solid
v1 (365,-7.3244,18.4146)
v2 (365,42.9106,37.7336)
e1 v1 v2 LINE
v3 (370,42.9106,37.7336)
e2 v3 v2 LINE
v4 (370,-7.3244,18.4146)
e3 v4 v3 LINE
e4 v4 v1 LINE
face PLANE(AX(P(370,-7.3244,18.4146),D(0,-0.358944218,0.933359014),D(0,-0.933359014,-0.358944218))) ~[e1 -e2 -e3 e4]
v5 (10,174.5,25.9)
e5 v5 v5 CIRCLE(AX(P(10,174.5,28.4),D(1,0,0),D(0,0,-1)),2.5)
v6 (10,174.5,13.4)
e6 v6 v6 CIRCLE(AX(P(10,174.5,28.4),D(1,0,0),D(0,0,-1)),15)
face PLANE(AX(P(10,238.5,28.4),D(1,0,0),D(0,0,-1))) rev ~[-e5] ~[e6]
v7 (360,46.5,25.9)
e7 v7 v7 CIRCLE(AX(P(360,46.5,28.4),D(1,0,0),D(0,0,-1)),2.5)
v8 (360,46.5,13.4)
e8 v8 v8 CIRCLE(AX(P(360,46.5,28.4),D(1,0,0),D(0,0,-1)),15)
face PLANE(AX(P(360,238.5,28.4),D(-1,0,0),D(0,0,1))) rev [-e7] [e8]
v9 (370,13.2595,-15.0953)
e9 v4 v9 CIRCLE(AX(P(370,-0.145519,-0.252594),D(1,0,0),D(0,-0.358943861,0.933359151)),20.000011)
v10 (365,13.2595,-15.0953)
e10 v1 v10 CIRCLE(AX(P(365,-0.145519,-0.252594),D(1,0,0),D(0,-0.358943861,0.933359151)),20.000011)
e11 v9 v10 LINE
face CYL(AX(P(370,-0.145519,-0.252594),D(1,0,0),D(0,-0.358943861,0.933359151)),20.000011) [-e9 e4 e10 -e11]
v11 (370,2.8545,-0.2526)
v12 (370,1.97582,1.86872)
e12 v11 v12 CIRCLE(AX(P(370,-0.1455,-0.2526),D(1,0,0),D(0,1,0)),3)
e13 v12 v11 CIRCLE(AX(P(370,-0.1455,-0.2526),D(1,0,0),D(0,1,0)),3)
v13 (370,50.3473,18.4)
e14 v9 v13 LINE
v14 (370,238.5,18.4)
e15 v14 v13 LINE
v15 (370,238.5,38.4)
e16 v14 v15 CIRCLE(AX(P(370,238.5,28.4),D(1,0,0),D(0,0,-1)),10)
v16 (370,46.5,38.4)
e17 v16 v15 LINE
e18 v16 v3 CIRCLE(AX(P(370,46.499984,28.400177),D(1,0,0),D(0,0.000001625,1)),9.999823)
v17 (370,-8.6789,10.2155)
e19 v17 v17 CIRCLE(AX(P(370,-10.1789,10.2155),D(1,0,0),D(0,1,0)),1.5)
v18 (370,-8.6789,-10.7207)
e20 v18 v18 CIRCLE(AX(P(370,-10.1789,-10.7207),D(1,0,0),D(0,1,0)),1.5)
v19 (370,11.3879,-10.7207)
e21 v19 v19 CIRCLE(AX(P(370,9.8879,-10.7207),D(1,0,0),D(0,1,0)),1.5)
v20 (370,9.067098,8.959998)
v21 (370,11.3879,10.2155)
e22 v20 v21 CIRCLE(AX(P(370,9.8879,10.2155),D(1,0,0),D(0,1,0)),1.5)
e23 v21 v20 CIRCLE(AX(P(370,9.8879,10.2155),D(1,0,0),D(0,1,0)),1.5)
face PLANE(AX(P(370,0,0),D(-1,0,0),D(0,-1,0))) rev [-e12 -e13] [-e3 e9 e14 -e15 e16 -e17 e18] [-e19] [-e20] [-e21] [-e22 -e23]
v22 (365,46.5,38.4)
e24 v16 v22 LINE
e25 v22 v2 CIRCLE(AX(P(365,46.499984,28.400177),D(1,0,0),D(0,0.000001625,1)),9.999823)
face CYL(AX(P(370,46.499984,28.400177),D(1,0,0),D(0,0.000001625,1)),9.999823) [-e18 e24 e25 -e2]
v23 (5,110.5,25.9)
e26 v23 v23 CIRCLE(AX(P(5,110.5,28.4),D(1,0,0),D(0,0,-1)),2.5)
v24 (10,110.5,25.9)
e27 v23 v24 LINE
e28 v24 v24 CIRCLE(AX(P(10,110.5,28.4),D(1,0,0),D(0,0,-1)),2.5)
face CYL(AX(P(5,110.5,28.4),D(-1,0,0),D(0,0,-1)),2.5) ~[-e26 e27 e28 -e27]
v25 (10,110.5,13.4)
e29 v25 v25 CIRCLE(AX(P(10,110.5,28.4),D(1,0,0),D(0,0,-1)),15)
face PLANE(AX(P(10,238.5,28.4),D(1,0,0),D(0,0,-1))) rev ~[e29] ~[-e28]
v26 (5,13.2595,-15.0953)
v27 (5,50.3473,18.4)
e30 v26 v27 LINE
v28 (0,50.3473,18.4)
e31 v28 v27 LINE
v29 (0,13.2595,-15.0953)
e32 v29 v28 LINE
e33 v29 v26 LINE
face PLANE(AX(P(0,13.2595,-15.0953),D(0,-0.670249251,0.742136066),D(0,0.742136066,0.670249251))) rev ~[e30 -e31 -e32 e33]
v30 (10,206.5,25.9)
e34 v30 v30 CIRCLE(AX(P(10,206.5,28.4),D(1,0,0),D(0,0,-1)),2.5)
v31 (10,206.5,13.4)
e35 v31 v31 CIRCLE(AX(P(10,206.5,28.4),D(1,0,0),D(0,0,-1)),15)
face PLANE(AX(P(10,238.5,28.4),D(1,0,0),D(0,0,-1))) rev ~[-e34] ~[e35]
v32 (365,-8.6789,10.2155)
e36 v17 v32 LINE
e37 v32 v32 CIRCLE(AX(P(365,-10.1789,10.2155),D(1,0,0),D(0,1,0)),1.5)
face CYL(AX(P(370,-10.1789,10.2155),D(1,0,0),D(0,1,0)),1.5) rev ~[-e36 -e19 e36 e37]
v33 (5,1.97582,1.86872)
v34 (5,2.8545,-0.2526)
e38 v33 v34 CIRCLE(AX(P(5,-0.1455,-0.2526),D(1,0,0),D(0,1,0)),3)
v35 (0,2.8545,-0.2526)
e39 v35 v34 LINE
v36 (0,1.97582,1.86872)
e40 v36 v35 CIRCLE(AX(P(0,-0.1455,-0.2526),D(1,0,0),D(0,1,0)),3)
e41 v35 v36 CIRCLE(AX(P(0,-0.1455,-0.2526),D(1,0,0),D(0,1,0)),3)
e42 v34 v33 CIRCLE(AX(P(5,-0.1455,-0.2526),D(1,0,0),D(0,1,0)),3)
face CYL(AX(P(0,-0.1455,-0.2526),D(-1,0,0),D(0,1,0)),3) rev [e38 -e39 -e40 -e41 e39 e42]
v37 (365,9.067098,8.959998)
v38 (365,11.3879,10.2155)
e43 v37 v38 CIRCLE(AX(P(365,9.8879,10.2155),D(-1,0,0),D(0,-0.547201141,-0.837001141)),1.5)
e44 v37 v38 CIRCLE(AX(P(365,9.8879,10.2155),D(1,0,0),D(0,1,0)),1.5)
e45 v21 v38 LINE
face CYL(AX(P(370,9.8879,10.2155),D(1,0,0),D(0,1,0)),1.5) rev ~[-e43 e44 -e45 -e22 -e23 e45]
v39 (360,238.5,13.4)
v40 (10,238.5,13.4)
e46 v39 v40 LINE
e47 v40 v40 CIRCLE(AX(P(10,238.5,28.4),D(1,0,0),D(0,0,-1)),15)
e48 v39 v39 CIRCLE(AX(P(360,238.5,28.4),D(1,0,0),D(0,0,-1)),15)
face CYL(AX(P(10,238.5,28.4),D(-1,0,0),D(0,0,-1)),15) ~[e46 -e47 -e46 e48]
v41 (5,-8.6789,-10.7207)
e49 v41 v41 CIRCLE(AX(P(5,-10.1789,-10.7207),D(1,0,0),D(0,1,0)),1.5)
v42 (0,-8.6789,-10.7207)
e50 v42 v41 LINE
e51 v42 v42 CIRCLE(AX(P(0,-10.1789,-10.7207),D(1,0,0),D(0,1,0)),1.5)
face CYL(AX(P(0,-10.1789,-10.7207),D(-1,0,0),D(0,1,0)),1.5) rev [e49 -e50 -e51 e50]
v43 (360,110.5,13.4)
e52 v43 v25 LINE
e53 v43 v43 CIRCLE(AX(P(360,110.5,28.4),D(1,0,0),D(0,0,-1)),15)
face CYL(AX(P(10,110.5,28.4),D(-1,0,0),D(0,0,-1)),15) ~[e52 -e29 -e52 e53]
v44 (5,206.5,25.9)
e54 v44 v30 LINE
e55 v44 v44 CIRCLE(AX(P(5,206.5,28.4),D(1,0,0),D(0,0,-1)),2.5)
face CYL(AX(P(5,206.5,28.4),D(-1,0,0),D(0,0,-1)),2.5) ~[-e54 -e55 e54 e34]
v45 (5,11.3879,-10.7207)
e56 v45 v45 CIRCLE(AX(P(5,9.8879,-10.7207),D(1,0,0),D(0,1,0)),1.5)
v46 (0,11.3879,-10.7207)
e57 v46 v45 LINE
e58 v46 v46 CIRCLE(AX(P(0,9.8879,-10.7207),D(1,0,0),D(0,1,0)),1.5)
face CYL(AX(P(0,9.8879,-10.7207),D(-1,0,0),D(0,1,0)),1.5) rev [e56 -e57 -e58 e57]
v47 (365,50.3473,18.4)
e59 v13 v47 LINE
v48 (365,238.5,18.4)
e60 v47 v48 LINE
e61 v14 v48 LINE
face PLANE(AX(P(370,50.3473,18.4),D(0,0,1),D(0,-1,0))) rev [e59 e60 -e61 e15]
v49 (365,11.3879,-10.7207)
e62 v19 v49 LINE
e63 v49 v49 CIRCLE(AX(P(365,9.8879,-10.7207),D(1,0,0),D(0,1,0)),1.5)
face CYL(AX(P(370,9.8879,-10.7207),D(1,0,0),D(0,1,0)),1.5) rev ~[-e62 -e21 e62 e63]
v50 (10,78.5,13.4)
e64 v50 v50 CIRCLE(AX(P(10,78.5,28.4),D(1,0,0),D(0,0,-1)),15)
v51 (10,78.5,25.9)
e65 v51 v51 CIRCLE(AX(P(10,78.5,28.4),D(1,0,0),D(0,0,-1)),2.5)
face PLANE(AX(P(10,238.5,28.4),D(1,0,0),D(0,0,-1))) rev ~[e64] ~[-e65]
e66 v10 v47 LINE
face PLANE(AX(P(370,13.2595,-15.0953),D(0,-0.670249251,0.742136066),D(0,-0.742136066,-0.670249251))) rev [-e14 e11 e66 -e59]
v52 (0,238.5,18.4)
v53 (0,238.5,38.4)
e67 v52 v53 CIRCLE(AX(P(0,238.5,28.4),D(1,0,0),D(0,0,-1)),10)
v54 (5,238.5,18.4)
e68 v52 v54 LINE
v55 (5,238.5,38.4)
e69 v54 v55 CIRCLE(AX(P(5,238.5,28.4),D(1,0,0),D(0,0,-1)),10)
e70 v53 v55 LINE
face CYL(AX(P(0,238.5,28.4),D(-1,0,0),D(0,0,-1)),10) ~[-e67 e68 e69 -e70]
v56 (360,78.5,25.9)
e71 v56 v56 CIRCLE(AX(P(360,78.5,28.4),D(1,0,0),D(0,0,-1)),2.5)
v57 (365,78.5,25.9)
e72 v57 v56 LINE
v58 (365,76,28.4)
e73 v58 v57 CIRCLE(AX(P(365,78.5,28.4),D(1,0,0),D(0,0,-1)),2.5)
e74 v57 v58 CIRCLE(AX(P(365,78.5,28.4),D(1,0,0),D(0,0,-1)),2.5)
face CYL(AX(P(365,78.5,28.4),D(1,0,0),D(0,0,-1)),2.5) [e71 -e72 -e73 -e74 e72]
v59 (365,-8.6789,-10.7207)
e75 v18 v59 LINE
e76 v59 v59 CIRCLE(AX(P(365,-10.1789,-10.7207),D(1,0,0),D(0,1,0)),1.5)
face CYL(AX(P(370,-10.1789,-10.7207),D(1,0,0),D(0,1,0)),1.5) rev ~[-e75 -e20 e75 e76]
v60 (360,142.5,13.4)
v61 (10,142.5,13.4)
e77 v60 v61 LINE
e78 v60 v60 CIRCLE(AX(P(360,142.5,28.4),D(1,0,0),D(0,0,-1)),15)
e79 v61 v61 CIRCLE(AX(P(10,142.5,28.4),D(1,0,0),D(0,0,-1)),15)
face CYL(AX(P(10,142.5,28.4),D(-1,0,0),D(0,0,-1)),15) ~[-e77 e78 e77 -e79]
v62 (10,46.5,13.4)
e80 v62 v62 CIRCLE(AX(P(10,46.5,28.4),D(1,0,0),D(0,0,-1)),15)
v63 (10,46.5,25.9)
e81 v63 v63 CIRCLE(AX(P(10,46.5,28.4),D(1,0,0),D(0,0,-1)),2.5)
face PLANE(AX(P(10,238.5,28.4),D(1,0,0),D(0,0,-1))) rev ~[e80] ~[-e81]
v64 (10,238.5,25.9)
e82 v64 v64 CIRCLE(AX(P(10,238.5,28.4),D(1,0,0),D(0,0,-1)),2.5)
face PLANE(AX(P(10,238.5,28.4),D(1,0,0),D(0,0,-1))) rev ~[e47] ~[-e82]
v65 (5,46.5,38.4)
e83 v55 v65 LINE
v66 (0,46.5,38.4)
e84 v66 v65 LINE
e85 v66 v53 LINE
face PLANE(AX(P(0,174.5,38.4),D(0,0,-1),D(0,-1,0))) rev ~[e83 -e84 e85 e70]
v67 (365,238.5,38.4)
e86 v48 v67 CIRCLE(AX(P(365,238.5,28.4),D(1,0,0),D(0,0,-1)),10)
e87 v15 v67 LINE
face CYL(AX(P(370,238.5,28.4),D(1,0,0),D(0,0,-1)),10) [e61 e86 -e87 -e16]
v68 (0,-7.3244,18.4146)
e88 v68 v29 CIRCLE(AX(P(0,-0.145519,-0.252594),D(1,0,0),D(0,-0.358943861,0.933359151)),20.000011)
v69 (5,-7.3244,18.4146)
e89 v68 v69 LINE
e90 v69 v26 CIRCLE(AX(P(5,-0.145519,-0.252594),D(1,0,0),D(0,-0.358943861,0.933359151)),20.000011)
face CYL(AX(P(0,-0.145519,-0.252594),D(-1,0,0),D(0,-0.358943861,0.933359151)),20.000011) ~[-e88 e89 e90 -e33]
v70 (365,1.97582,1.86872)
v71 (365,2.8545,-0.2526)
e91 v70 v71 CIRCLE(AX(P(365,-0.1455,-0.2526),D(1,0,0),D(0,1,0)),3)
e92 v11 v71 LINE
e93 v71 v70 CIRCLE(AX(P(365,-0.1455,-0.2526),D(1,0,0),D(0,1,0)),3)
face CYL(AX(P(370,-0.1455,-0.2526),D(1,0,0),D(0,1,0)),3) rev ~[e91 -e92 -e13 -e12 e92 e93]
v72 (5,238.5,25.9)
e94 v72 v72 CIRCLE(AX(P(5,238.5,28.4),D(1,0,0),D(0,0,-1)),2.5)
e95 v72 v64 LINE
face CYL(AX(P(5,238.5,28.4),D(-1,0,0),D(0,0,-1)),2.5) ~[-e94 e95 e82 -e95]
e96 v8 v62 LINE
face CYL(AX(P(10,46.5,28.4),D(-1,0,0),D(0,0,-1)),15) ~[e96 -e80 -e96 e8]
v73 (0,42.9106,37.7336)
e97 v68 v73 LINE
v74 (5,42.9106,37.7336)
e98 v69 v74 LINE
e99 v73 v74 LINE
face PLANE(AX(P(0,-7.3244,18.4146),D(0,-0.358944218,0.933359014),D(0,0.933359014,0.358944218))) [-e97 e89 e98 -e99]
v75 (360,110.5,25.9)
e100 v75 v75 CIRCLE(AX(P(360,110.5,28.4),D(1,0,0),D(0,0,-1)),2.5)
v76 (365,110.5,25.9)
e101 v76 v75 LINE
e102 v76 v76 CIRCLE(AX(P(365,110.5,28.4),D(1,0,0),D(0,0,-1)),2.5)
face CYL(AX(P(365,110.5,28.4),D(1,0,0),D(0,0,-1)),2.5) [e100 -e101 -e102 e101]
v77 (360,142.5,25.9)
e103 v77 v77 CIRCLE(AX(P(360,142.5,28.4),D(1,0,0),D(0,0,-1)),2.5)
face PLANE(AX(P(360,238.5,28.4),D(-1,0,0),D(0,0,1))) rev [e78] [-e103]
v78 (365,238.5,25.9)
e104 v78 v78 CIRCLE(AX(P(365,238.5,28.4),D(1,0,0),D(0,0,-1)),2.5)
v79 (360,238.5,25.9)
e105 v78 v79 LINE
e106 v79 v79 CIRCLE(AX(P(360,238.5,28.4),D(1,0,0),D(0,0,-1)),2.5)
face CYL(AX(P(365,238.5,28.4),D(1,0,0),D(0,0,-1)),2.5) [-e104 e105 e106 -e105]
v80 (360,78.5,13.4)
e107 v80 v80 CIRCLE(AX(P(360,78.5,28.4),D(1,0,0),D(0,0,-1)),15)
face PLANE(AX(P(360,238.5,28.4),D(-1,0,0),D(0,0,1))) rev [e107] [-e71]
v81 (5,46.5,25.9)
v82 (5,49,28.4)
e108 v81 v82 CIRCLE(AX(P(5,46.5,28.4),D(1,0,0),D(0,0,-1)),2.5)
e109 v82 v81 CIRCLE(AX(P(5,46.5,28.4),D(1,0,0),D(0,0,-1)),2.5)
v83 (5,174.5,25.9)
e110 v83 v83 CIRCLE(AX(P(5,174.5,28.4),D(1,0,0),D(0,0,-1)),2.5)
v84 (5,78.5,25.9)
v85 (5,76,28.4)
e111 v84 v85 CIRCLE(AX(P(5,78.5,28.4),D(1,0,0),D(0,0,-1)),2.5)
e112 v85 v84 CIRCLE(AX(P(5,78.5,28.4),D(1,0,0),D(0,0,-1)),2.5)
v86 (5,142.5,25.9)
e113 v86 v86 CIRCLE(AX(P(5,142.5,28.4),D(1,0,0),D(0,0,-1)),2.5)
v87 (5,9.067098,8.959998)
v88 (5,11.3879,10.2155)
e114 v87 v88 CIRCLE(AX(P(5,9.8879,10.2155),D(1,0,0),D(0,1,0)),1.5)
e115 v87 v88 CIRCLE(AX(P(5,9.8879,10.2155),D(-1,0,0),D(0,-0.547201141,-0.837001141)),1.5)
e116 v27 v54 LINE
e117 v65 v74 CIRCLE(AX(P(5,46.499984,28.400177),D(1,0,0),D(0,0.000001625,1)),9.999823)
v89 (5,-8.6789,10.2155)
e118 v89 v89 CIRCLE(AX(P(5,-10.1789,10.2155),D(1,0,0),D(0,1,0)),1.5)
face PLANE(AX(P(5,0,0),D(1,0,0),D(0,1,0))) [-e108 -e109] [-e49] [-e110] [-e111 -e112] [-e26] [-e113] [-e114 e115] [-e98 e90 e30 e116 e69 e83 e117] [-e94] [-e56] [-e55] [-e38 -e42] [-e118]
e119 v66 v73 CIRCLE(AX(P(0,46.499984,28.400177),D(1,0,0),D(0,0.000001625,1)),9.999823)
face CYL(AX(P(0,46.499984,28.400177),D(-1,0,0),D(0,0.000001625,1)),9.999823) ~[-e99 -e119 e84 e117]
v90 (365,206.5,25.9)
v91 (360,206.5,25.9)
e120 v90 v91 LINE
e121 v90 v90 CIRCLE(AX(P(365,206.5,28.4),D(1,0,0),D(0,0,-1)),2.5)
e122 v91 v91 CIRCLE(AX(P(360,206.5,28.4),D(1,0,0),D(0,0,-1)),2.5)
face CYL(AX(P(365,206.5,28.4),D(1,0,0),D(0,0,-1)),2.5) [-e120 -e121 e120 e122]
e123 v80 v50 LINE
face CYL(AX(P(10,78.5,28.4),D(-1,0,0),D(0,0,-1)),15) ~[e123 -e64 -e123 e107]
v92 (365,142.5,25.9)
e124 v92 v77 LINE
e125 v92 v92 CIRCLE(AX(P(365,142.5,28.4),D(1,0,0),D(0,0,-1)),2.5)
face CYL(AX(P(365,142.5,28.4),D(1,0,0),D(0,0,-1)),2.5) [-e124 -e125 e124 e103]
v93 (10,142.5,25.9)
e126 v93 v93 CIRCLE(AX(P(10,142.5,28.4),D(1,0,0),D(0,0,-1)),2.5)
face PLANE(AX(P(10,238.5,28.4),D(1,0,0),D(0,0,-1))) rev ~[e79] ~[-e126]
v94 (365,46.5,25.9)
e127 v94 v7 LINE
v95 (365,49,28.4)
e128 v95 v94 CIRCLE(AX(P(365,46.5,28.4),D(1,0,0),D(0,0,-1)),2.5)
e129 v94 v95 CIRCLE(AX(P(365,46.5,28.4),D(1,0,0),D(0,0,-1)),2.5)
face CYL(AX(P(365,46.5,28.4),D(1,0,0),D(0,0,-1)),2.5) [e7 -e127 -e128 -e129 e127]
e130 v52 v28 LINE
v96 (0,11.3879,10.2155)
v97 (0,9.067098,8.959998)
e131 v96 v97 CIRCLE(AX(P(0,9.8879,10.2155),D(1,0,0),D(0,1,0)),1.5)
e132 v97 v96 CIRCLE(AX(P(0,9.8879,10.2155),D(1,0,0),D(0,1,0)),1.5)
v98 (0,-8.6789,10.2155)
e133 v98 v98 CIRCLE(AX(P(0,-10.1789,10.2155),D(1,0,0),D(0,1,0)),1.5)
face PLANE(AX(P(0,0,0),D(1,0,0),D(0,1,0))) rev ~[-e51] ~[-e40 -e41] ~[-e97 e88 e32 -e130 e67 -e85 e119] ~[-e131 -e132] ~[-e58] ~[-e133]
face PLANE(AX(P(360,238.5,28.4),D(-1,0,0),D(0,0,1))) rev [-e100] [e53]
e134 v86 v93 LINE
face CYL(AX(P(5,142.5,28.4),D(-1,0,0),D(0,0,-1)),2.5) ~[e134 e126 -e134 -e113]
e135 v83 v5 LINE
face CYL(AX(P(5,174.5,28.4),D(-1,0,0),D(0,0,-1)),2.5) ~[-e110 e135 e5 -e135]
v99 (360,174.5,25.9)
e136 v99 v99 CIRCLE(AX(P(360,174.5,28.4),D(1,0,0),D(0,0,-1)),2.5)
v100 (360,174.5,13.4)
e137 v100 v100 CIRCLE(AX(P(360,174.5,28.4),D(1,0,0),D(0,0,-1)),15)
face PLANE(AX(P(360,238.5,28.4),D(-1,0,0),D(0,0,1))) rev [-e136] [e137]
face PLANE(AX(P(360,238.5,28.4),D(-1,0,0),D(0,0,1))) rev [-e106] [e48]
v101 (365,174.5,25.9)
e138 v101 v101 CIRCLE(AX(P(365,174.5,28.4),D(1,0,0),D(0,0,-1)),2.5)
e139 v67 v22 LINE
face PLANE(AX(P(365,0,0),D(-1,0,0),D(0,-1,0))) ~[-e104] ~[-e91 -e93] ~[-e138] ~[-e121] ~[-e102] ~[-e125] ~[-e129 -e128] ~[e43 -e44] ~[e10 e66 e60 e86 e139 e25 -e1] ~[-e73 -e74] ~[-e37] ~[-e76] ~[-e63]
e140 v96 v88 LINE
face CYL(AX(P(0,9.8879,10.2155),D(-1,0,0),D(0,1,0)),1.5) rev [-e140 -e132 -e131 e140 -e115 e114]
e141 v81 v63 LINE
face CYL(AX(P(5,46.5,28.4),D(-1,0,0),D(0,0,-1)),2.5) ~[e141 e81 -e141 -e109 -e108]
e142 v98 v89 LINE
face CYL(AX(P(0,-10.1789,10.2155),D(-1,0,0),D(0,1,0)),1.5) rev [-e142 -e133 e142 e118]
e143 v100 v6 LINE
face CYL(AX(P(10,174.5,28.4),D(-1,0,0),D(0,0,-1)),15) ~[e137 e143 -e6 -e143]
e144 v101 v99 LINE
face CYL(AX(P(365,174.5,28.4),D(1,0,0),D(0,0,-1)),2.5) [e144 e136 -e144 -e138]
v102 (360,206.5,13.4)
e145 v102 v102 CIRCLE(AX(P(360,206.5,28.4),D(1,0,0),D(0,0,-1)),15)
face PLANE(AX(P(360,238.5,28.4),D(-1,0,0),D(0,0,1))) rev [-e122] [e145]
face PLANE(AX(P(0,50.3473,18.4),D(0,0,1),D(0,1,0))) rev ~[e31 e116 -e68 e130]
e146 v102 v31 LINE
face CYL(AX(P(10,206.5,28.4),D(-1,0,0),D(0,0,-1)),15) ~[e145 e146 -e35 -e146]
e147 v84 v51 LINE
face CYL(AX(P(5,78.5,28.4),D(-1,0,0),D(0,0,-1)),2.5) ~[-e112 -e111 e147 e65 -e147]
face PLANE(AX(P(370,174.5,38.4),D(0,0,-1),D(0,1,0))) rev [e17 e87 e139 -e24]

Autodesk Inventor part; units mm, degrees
ref_plane "YZ Plane" through (0, 0, 0) normal (1, 0, 0) x (0, 1, 0)
ref_plane "XZ Plane" through (0, 0, 0) normal (0, 1, 0) x (-1, 0, 0)
sketch "Sketch1" plane through (0, 0, 0) normal (1, 0, 0) x (0, 1, 0)
  line L0 (-0.1455, -0.2526) -> (28.1388, 28.0317)
  line L1 (-0.1455, -0.2526) -> (39.8545, -0.2526) construction
  arc A0 (-7.3244, 18.4146) -> (13.2595, -15.0953) centre (-0.1455, -0.2526) ccw
  line L2 (26.5, 28.4) -> (87.1548, 28.4)
  line L3 (26.5, 28.4) -> (46.5, 28.4) construction
  circle A1 centre (46.5, 28.4) radius 15 construction
  circle A2 centre (78.5, 28.4) radius 15 construction
  circle A3 centre (110.5, 28.4) radius 15 construction
  circle A4 centre (142.5, 28.4) radius 15 construction
  circle A5 centre (174.5, 28.4) radius 15 construction
  line L4 (174.5, 28.4) -> (46.5, 28.4) construction
  line L5 (174.5, 38.4) -> (46.5, 38.4)
  line L6 (50.3473, 18.4) -> (174.5, 18.4)
  arc A6 (46.5, 38.4) -> (46.5, 18.4) centre (46.5, 28.4) ccw construction
  line L7 (13.2595, -15.0953) -> (50.3473, 18.4)
  line L8 (-7.3244, 18.4146) -> (42.9106, 37.7336)
  arc A7 (46.5, 18.4) -> (53.2025, 20.9786) centre (46.5, 28.4) ccw construction
  arc A8 (46.5, 38.4) -> (42.9106, 37.7336) centre (46.5, 28.4) ccw
  circle A9 centre (46.5, 28.4) radius 2.5
  circle A10 centre (78.5, 28.4) radius 2.5
  circle A11 centre (110.5, 28.4) radius 2.5
  circle A12 centre (142.5, 28.4) radius 2.5
  circle A13 centre (174.5, 28.4) radius 2.5
  circle A14 centre (206.5, 28.4) radius 2.5
  circle A15 centre (238.5, 28.4) radius 2.5
  circle A16 centre (206.5, 28.4) radius 15 construction
  circle A17 centre (238.5, 28.4) radius 15 construction
  line L9 (174.5, 28.4) -> (238.5, 28.4) construction
  line L10 (174.5, 38.4) -> (238.5, 38.4)
  line L11 (238.5, 18.4) -> (174.5, 18.4)
  arc A18 (238.5, 18.4) -> (238.5, 38.4) centre (238.5, 28.4) ccw
  line L12 (-0.1455, -0.2526) -> (-10.1789, -10.7207) construction
  line L13 (-0.1455, -0.2526) -> (9.8879, -10.7207) construction
  line L14 (-0.1455, -0.2526) -> (-10.1789, 10.2155) construction
  line L15 (-0.1455, -0.2526) -> (9.8879, 10.2155) construction
  circle A19 centre (-10.1789, -10.7207) radius 1.5
  circle A20 centre (9.8879, -10.7207) radius 1.5
  circle A21 centre (-10.1789, 10.2155) radius 1.5
  circle A22 centre (9.8879, 10.2155) radius 1.5
  circle A23 centre (-0.1455, -0.2526) radius 3
  point P0 (0, 0)
  point P1 (110.5, 28.4)
  dimension "d4" = 40
  dimension "d5" = 45
  dimension "d9" = 20
  dimension "d10" = 32
  dimension "d11" = 20
  dimension "d13" = 5
  dimension "d16" = 32
  dimension "d38" = 20
  dimension "d39" = 14.5
  dimension "d40" = 14.5
  dimension "d41" = 3
  dimension "d42" = 6
extrude "Extrusion1" add sketch "Sketch1" along normal blind 5 contours L8 A8 L5 L10 A18 L11 L6 L7 A0 | A9 L2 | A10 L2 | L2 A10 | L2 A9 | A11 | A12 | A13 | A14 | A15
sketch "Sketch2" plane through (5, 0, 0) normal (1, 0, 0) x (0, 0, -1)
  circle A0 centre (-28.4, 46.5) radius 2.5 projected
  circle A1 centre (-28.4, 238.5) radius 2.5 projected
  circle A2 centre (-28.4, 46.5) radius 2.5 projected
  circle A3 centre (-28.4, 238.5) radius 2.5 projected
  line L0 (-28.4, 46.5) -> (-28.4, 238.5) construction
  line L1 (-13.4, 46.5) -> (-13.4, 238.5)
  line L2 (-43.4, 238.5) -> (-43.4, 46.5)
  arc A4 (-43.4, 46.5) -> (-13.4, 46.5) centre (-28.4, 46.5) ccw
  arc A5 (-13.4, 238.5) -> (-43.4, 238.5) centre (-28.4, 238.5) ccw
  circle A6 centre (-28.4, 206.5) radius 2.5 projected
  circle A7 centre (-28.4, 174.5) radius 2.5 projected
  circle A8 centre (-28.4, 142.5) radius 2.5 projected
  circle A9 centre (-28.4, 110.5) radius 2.5 projected
  circle A10 centre (-28.4, 78.5) radius 2.5 projected
  point P0 (0, 0)
  dimension "d27" = 30
extrude "Extrusion2" add sketch "Sketch2" along normal blind 5 contours A0 | A1 | A6 | A7 | A8 | A9 | A10
sketch "Sketch3" plane through (10, 238.5, 28.4) normal (1, 0, 0) x (0, 0, -1)
  circle A0 centre (0, 0) radius 2.5 projected
  circle A1 centre (0, 0) radius 15
  line L0 (0, 0) -> (0, -15) construction
  circle A2 centre (0, -32) radius 15
  circle A3 centre (0, -64) radius 15
  circle A4 centre (0, -96) radius 15
  circle A5 centre (0, -128) radius 15
  circle A6 centre (0, -160) radius 15
  circle A7 centre (0, -192) radius 15
  point P0 (28.4, -238.5)
  point P1 (0, -47)
  point P2 (0, -79)
  point P3 (0, -111)
  point P4 (0, -143)
  point P5 (0, -175)
  point P6 (0, -207)
  dimension "d28" = 30
  dimension "d31" = 32
extrude "Extrusion3" add sketch "Sketch3" along normal blind 175 contours A0 | A1 | A2 | A3 | A4 | A5 | A6 | A7
ref_plane "Work Plane1" through (185, 0, 0) normal (1, 0, 0) x (0, 0, -1)
mirror "Mirror2" about plane through (185, 0, 0) normal (1, 0, 0) of "Extrusion1", "Extrusion2", "Extrusion3"
properties part number "Orienter"
